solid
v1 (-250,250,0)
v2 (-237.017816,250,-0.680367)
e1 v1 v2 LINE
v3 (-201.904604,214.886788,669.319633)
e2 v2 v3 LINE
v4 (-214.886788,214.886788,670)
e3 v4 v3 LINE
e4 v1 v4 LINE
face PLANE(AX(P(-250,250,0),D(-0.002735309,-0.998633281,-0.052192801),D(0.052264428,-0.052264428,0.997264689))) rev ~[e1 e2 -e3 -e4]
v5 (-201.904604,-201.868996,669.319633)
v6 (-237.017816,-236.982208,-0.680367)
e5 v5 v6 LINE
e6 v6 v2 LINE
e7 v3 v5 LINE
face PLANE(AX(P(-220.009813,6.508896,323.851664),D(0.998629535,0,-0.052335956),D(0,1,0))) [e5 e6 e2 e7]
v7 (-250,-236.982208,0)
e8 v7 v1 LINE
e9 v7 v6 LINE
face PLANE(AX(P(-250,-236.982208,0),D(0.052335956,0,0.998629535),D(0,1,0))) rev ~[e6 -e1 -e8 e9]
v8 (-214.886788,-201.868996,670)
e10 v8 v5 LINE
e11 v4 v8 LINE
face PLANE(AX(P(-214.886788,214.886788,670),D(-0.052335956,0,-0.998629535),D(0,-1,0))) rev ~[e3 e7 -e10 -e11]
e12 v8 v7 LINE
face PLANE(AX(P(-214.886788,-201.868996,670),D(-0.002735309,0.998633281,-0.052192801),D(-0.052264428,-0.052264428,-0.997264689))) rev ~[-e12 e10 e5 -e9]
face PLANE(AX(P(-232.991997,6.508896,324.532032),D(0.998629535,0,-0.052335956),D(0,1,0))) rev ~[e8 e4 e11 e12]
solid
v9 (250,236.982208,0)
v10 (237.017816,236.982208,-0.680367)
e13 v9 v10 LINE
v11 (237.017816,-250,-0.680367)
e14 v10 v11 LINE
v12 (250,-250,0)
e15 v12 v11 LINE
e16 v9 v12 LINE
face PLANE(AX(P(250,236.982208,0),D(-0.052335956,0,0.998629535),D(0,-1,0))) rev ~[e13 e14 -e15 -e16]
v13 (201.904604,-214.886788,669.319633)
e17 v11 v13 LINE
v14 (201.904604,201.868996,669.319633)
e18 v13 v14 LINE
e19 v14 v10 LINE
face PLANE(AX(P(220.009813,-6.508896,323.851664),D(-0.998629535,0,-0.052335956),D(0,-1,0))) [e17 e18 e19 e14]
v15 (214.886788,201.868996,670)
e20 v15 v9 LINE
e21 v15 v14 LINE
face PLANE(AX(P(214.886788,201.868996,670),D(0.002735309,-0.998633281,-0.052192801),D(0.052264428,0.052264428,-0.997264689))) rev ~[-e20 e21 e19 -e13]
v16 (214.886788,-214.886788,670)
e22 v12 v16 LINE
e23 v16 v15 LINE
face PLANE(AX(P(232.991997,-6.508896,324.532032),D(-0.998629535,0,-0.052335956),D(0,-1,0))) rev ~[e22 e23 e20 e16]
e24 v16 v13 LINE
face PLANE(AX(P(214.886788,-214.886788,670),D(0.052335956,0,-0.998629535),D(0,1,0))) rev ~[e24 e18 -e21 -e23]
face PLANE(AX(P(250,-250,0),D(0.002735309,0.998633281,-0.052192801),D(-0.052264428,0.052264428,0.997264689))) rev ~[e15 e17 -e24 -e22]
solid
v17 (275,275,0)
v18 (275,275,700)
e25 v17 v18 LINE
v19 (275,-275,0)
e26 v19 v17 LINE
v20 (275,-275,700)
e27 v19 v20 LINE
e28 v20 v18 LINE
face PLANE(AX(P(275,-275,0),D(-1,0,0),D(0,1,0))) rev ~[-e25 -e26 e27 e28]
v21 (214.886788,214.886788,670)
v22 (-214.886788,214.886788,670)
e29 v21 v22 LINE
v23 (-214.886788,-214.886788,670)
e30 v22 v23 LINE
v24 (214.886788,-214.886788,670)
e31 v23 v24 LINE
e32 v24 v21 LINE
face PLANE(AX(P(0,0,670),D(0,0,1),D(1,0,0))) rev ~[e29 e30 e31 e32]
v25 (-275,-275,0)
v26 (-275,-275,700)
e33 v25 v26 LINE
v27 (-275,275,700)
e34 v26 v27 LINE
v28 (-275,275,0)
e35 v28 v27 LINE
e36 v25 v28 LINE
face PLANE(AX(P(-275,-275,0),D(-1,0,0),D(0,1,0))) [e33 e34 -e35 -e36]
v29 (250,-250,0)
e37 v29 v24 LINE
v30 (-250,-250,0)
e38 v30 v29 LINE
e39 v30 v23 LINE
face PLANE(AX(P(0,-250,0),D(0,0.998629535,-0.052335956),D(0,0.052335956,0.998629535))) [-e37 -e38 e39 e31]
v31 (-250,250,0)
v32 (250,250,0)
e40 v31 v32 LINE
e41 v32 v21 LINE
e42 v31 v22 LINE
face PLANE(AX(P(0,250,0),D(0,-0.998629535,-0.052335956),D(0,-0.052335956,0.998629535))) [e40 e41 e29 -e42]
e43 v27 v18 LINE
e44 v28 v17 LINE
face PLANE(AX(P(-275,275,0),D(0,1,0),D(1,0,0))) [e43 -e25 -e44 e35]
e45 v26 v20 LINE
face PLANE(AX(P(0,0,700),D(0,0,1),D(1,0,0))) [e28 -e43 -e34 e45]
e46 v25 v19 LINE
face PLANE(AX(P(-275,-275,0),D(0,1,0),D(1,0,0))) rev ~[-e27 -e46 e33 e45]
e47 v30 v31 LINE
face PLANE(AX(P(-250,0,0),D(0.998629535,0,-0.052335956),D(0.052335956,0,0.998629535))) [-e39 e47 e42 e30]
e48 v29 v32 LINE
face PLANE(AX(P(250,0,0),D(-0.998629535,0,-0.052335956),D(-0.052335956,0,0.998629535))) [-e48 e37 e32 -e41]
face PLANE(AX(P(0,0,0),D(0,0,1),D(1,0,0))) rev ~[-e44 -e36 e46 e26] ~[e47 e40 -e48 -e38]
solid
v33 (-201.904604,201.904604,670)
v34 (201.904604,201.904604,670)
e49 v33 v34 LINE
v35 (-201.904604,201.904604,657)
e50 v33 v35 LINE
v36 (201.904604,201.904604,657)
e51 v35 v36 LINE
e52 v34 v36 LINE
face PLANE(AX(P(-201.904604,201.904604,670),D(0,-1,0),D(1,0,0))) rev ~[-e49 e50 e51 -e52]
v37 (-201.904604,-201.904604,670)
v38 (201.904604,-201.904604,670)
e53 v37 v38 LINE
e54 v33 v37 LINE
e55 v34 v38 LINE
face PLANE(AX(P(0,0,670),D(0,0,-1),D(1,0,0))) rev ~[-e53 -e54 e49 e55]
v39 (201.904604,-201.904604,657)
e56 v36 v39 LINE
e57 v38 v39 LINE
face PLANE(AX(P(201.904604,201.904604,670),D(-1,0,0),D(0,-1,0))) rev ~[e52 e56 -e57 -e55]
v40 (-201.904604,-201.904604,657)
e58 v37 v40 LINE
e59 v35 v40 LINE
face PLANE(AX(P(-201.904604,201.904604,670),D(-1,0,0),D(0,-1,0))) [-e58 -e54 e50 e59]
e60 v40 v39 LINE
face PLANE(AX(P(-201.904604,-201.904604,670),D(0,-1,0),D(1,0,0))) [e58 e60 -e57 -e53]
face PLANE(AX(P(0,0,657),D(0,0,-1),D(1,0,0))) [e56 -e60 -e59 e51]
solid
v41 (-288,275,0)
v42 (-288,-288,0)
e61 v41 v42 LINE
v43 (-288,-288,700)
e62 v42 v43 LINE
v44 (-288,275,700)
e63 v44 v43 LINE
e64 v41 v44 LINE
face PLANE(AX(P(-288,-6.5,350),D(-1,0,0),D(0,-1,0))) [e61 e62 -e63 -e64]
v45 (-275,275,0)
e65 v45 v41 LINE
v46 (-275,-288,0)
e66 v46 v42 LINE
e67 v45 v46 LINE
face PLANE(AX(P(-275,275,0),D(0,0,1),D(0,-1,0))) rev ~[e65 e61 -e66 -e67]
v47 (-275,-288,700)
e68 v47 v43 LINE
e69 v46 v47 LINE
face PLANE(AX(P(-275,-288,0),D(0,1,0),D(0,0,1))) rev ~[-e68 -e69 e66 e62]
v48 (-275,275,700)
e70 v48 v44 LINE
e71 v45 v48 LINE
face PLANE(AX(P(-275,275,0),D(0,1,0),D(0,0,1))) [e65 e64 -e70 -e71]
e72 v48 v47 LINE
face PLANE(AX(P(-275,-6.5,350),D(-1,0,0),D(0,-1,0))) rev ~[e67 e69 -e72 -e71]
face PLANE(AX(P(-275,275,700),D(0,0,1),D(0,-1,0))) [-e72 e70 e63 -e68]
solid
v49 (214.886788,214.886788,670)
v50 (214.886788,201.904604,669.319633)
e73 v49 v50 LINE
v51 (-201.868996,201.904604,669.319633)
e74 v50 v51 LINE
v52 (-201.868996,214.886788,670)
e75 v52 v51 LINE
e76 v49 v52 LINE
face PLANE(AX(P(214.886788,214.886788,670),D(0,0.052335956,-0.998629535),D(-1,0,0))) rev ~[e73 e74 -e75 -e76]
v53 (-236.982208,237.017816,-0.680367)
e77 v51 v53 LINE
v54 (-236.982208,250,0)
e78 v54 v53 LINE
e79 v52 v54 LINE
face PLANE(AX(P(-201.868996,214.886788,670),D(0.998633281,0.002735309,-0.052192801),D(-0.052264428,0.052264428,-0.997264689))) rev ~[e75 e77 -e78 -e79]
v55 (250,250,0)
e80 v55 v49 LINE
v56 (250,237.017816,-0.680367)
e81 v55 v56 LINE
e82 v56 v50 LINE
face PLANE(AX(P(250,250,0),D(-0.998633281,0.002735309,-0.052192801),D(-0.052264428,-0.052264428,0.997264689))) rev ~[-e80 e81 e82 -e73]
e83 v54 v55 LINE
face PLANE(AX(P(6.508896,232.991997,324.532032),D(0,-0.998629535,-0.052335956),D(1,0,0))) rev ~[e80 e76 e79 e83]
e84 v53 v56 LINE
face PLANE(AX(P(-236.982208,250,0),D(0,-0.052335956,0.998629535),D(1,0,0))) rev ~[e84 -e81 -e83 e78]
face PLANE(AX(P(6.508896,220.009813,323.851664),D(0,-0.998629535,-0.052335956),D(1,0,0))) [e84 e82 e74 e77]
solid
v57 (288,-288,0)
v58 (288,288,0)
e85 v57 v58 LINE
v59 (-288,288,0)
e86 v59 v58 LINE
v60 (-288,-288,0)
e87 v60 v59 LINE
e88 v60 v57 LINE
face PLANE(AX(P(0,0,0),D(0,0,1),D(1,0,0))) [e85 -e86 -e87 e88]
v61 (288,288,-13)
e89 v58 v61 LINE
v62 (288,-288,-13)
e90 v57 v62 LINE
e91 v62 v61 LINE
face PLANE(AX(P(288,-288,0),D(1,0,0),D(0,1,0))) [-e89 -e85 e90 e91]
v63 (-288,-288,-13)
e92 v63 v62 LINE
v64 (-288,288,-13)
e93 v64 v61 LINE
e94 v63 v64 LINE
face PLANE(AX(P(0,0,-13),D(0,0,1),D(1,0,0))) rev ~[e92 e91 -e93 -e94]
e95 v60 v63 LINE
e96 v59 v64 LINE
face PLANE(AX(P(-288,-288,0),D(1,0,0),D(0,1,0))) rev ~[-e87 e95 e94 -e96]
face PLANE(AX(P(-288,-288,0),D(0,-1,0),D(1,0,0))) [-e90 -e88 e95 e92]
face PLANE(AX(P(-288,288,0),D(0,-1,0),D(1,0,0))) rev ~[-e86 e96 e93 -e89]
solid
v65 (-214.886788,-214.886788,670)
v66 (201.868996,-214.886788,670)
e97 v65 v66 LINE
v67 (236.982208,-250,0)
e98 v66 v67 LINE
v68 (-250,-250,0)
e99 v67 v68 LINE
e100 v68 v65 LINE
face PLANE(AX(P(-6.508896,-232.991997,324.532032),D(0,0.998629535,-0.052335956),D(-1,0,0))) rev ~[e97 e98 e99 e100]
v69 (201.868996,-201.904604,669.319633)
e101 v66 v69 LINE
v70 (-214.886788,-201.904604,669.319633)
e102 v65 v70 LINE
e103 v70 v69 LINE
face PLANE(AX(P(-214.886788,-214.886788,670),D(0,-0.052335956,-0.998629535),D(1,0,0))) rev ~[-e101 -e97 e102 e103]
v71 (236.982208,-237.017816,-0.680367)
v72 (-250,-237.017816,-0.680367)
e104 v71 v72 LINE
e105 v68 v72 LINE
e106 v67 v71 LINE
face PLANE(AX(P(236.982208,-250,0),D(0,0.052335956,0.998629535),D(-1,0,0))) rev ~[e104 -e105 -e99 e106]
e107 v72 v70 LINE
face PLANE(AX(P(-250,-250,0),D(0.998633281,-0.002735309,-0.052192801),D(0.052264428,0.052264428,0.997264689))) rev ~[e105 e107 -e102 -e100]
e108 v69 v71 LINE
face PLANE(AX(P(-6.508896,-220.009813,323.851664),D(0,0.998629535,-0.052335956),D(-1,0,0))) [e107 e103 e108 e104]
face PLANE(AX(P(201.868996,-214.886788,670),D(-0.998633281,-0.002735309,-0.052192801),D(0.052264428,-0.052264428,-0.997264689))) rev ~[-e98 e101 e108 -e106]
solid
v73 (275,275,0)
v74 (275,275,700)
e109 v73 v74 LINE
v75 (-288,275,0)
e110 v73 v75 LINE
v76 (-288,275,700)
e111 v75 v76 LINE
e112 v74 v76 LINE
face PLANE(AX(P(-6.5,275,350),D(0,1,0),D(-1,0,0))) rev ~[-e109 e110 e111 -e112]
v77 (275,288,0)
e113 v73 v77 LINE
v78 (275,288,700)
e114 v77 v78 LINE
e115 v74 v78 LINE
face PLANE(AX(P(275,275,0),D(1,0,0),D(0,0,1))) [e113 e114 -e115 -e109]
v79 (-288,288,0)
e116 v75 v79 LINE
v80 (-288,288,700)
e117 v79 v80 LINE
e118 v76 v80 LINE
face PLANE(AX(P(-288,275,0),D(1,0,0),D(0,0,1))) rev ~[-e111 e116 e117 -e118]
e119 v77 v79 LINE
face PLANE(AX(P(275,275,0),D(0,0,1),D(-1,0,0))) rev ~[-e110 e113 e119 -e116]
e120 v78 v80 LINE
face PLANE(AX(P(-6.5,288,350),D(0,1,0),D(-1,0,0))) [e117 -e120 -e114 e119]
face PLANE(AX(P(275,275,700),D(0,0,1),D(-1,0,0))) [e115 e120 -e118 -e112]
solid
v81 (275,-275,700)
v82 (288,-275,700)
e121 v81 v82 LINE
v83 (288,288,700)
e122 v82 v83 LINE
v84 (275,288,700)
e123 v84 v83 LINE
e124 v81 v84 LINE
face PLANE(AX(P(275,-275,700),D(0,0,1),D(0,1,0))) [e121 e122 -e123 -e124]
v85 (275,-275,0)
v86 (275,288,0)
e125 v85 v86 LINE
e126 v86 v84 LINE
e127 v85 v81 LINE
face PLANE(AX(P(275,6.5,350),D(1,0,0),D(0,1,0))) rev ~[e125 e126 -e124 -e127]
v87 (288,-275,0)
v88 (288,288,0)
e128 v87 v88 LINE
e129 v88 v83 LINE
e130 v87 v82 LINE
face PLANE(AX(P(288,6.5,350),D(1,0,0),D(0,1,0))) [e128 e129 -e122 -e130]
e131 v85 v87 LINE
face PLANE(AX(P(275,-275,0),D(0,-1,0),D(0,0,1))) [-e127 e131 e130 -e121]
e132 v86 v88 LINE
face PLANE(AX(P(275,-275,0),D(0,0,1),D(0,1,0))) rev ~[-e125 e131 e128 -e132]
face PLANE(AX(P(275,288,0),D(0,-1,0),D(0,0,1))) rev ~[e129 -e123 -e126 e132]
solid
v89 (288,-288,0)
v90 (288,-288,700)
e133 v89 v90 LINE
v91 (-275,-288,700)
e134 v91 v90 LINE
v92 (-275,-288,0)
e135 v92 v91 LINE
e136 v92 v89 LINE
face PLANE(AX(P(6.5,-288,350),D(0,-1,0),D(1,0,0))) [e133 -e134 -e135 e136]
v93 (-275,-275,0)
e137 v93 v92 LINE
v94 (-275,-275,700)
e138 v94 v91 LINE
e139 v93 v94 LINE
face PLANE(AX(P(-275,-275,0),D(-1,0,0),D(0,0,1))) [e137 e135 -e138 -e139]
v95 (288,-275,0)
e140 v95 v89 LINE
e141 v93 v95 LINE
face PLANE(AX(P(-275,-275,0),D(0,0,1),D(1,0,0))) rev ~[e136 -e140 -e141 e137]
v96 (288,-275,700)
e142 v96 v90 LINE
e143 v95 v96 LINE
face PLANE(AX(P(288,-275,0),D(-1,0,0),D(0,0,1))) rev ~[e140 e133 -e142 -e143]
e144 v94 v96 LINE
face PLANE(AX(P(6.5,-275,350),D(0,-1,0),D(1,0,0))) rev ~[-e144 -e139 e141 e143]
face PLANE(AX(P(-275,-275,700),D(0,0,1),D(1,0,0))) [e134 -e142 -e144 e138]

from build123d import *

# Parameters (mm, degrees)
F0_W      = 550
F0_H      = 550
F1_DEPTH  = 700
F2_W      = 500
F2_H      = 500
F3_DEPTH  = 670
F3_TAPER  = 3
F5_DEPTH  = 13
F7_DEPTH  = 13
F9_DEPTH  = 13
F11_DEPTH = 13
F12_W     = 403.8092078571
F12_H     = 403.8092078571
F13_DEPTH = 13
F14_W     = 563
F14_H     = 700
F15_DEPTH = 13
F16_W     = 563
F16_H     = 700
F17_DEPTH = 13
F18_W     = 563
F18_H     = 700
F19_DEPTH = 13
F20_W     = 563
F20_H     = 700
F21_DEPTH = 13
F22_W     = 576
F22_H     = 576
F23_DEPTH = 13


with BuildPart() as f1:
    # F0 (on Top) → F1 (new body)
    with BuildSketch(Plane.XY):
        Rectangle(F0_W, F0_H)
    extrude(amount=F1_DEPTH)

    # F2 (on Top) → F3 (cut)
    with BuildSketch(Plane.XY):
        Rectangle(F2_W, F2_H)
    extrude(amount=F3_DEPTH, taper=F3_TAPER, mode=Mode.SUBTRACT)


with BuildPart() as f5:
    # F4 (on face) → F5 (new body)
    with BuildSketch(Plane(origin=(0, -249.315236921, 13.0660579085), x_dir=(-1, 0, 0), z_dir=(0, 0.9986295348, -0.0523359562))):
        Polygon((-236.9822083347, -13.0839890607), (250, -13.0839890607), (214.8867878804, 657.8354827579), (-201.8689962151, 657.8354827579), align=None)
    extrude(amount=F5_DEPTH)


with BuildPart() as f7:
    # F6 (on face) → F7 (new body)
    with BuildSketch(Plane(origin=(249.315236921, 0, 13.0660579085), x_dir=(0, -1, 0), z_dir=(-0.9986295348, 0, -0.0523359562))):
        Polygon((-236.9822083347, -13.0839890607), (250, -13.0839890607), (214.8867878804, 657.8354827579), (-201.8689962151, 657.8354827579), align=None)
    extrude(amount=F7_DEPTH)


with BuildPart() as f9:
    # F8 (on face) → F9 (new body)
    with BuildSketch(Plane(origin=(0, 249.315236921, 13.0660579085), x_dir=(1, 0, 0), z_dir=(0, -0.9986295348, -0.0523359562))):
        Polygon((-236.9822083347, -13.0839890607), (250, -13.0839890607), (214.8867878804, 657.8354827579), (-201.8689962151, 657.8354827579), align=None)
    extrude(amount=F9_DEPTH)


with BuildPart() as f11:
    # F10 (on face) → F11 (new body)
    with BuildSketch(Plane(origin=(-249.315236921, 0, 13.0660579085), x_dir=(0, 1, 0), z_dir=(0.9986295348, 0, -0.0523359562))):
        Polygon((-236.9822083347, -13.0839890607), (250, -13.0839890607), (214.8867878804, 657.8354827579), (-201.8689962151, 657.8354827579), align=None)
    extrude(amount=F11_DEPTH)


with BuildPart() as f13:
    # F12 (on face) → F13 (new body)
    with BuildSketch(Plane(origin=(0, 0, 670), x_dir=(1, 0, 0), z_dir=(0, 0, -1))):
        Rectangle(F12_W, F12_H)
    extrude(amount=F13_DEPTH)


with BuildPart() as f15:
    # F14 (on face) → F15 (new body)
    with BuildSketch(Plane(origin=(0, 275, 0), x_dir=(-1, 0, 0), z_dir=(0, 1, 0))):
        with Locations((6.5, 350)):
            Rectangle(F14_W, F14_H)
    extrude(amount=F15_DEPTH)


with BuildPart() as f17:
    # F16 (on face) → F17 (new body)
    with BuildSketch(Plane(origin=(-275, 0, 0), x_dir=(0, -1, 0), z_dir=(-1, 0, 0))):
        with Locations((6.5, 350)):
            Rectangle(F16_W, F16_H)
    extrude(amount=F17_DEPTH)


with BuildPart() as f19:
    # F18 (on face) → F19 (new body)
    with BuildSketch(Plane.XZ.offset(275)):
        with Locations((6.5, 350)):
            Rectangle(F18_W, F18_H)
    extrude(amount=F19_DEPTH)


with BuildPart() as f21:
    # F20 (on face) → F21 (new body)
    with BuildSketch(Plane.YZ.offset(275)):
        with Locations((6.5, 350)):
            Rectangle(F20_W, F20_H)
    extrude(amount=F21_DEPTH)


with BuildPart() as f23:
    # F22 (on Top) → F23 (new body)
    with BuildSketch(Plane.XY):
        Rectangle(F22_W, F22_H)
    extrude(amount=-F23_DEPTH)


solid = Compound([f1.part, f5.part, f7.part, f9.part, f11.part, f13.part, f15.part, f17.part, f19.part, f21.part, f23.part])
